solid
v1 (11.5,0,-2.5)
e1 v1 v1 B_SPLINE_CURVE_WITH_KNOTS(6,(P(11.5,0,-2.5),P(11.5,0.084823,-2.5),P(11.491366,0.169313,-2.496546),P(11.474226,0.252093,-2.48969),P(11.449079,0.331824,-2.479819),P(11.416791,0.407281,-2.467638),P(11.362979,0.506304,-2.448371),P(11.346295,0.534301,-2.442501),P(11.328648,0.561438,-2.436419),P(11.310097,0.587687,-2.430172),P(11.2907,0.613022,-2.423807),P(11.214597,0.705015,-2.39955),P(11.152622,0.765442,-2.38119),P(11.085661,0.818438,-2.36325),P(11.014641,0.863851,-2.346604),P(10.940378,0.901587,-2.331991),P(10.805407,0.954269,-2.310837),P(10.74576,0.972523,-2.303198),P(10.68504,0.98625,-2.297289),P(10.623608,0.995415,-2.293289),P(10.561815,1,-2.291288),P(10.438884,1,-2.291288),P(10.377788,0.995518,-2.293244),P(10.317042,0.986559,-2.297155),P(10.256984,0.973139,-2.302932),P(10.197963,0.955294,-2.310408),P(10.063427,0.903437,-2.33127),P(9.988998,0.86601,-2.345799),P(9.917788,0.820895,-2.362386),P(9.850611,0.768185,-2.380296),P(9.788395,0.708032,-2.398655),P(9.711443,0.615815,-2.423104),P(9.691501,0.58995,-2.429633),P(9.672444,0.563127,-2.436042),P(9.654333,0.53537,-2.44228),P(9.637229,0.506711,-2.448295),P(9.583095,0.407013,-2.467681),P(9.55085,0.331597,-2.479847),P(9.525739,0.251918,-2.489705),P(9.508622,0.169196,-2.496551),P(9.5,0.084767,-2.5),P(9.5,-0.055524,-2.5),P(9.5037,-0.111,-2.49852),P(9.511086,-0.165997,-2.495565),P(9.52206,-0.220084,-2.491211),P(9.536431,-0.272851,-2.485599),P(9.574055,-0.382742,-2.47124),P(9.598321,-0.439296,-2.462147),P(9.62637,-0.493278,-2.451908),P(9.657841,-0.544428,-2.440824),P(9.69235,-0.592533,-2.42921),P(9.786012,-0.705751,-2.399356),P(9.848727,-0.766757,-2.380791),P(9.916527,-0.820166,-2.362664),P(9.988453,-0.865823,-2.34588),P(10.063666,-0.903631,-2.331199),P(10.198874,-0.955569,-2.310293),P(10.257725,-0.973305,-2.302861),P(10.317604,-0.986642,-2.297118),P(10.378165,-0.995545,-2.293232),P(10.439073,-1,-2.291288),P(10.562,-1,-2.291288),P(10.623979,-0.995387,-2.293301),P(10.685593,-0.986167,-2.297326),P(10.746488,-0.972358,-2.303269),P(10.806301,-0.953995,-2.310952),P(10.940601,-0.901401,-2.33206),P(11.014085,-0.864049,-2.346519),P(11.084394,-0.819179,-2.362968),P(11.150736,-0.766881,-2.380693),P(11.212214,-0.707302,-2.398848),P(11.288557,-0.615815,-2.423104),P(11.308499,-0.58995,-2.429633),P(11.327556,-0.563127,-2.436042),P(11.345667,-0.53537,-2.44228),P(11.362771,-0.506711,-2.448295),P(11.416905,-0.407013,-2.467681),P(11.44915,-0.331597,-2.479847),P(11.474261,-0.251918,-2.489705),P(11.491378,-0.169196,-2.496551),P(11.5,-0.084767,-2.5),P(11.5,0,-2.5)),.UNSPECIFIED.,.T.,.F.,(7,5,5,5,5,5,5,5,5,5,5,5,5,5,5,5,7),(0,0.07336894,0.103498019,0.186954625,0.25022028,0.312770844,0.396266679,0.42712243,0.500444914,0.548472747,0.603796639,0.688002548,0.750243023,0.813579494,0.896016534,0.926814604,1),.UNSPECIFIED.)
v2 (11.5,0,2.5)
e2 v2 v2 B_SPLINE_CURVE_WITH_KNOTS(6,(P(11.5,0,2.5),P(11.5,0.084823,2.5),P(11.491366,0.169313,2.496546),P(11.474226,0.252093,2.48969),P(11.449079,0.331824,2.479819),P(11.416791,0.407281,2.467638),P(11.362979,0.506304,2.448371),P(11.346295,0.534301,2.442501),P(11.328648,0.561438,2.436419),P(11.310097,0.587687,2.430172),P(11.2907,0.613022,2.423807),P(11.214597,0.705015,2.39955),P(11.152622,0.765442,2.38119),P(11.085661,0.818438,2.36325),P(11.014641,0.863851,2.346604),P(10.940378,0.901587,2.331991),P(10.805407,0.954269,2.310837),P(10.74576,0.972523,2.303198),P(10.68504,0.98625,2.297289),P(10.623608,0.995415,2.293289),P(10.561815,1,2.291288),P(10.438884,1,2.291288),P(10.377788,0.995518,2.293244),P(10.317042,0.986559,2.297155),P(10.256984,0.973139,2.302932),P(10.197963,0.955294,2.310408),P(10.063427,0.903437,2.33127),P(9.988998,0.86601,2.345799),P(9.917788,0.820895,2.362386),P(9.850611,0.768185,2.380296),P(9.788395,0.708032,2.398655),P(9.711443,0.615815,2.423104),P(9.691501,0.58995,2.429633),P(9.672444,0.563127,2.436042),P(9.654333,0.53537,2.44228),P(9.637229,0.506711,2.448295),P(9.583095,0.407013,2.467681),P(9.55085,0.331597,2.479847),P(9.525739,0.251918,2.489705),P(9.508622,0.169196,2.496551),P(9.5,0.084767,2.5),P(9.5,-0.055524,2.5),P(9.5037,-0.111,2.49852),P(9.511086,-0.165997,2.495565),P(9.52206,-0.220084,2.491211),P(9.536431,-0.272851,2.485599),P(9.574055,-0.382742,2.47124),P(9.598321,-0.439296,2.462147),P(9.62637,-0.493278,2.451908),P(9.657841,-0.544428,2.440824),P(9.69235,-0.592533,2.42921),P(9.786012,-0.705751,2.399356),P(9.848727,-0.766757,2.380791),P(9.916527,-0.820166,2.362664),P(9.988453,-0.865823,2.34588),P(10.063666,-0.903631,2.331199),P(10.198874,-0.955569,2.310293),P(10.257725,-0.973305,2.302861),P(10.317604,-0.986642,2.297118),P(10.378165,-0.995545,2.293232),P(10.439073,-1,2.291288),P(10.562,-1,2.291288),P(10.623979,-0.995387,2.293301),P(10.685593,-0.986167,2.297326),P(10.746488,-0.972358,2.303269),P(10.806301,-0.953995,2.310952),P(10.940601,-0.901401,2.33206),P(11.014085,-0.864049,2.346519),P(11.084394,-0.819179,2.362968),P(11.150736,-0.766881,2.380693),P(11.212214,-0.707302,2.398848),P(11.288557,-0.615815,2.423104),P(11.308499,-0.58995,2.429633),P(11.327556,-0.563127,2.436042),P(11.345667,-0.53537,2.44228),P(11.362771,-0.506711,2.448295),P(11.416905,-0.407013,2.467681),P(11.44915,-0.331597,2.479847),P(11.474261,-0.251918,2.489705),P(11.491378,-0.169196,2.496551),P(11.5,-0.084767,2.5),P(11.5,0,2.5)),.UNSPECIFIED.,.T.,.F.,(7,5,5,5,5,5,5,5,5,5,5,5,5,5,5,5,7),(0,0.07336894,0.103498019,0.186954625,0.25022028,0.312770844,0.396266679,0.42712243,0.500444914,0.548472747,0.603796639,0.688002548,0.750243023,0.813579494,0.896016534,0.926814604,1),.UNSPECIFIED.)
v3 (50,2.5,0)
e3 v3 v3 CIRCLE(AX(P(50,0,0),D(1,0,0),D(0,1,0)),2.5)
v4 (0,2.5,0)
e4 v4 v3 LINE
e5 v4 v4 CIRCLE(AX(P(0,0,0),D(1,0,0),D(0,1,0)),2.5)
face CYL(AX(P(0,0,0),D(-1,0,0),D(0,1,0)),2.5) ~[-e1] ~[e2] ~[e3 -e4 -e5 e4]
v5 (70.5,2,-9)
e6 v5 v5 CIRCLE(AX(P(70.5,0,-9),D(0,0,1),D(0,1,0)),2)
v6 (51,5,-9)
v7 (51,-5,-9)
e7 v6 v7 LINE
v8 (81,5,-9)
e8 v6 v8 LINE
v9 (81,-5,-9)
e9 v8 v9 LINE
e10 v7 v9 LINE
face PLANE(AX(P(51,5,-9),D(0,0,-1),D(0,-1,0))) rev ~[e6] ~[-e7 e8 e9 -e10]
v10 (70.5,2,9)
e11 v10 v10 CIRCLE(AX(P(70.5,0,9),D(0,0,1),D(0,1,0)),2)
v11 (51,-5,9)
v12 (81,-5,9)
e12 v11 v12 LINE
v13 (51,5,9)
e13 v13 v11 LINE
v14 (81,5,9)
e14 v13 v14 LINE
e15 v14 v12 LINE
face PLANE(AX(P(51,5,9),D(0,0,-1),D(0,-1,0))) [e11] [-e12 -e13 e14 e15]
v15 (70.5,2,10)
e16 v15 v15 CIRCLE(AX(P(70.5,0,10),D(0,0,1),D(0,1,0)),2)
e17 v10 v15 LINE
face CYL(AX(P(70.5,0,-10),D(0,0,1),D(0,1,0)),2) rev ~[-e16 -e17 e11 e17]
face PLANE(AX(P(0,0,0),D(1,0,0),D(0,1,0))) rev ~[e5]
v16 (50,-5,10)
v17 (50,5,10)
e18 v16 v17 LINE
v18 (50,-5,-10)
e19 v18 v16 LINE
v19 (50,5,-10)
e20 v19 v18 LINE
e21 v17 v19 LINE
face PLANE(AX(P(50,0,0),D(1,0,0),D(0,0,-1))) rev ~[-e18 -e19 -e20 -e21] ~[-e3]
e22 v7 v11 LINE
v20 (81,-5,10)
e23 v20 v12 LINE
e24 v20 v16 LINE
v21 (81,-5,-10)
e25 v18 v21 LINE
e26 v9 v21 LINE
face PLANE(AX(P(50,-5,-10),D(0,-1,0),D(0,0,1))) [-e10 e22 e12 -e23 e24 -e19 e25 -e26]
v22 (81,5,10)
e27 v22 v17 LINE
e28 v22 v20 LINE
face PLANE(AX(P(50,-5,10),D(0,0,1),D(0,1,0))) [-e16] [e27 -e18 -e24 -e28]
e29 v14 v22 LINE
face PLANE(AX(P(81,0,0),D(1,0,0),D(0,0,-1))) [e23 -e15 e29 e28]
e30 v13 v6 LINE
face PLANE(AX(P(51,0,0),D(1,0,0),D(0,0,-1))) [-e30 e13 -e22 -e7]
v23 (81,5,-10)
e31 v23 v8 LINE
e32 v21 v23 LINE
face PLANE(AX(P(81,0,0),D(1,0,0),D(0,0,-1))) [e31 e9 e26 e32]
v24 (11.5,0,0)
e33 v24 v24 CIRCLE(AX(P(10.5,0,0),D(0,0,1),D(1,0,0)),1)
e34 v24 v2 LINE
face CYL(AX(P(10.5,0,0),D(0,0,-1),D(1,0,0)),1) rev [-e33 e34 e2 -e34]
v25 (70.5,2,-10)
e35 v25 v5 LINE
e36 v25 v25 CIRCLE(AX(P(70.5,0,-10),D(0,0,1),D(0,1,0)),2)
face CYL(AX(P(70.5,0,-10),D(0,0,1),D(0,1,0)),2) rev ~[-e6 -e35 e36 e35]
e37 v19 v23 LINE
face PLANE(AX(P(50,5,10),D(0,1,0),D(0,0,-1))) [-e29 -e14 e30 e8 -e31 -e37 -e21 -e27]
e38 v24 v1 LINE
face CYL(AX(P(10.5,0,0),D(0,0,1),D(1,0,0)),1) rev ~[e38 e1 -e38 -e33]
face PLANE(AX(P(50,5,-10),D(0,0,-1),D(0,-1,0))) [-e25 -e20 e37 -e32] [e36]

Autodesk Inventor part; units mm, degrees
ref_plane "YZ Plane" through (0, 0, 0) normal (1, 0, 0) x (0, 1, 0)
ref_plane "XZ Plane" through (0, 0, 0) normal (0, 1, 0) x (-1, 0, 0)
ref_plane "XY Plane" through (0, 0, 0) normal (0, 0, 1) x (1, 0, 0)
sketch "草图1" plane through (0, 0, 0) normal (1, 0, 0) x (0, 1, 0)
  circle A0 centre (0, 0) radius 2.5
  dimension "杆直径" = 5
extrude "拉伸1" add sketch "草图1" along normal blind 50
sketch "草图2" plane through (50, 0, 0) normal (1, 0, 0) x (0, 0, -1)
  line L0 (10, -5) -> (-10, -5)
  line L1 (-10, -5) -> (-10, 5)
  line L2 (-10, 5) -> (10, 5)
  line L3 (10, 5) -> (10, -5)
  line L4 (10, -5) -> (-10, 5) construction
  line L5 (-10, -5) -> (10, 5) construction
  point P0 (0, 0)
  dimension "框长" = 20
  dimension "框宽" = 10
extrude "拉伸2" add sketch "草图2" along normal blind 1
sketch "草图3" plane through (51, 0, 0) normal (1, 0, 0) x (0, 0, -1)
  line L0 (-10, -5) -> (10, -5) projected
  line L1 (10, -5) -> (10, 5) projected
  line L2 (10, 5) -> (-10, 5) projected
  line L3 (-10, 5) -> (-10, -5) projected
  line L4 (-10, 5) -> (-9, 5)
  line L5 (-9, 5) -> (-9, -5)
  line L6 (10, 5) -> (9, 5)
  line L7 (9, 5) -> (9, -5)
  point P0 (0, 0)
  dimension "d7" = 1
  dimension "d8" = 1
extrude "拉伸3" add sketch "草图3" along normal blind 30 contours L3 L2 L5 L0 | L7 L2 L1 L0
hole "孔1" at (70.5, 0, -10) direction (0, 0, 1) diameter 4 end through all
sketch "草图5" plane through (0, 0, 0) normal (0, 0, 1) x (1, 0, 0)
  circle A0 centre (70.5, 0) radius 2 projected
  line L0 (50, -2.5) -> (50, 2.5) projected
  line L1 (0, 2.5) -> (0, -2.5) projected
  line L2 (70.5, 0) -> (10.5, 0)
  circle A1 centre (10.5, 0) radius 1
  point P0 (0, 0)
  dimension "高度" = 60
  dimension "销孔径" = 2
extrude "拉伸4" cut sketch "草图5" along normal mid plane 10 contours A1
properties part number "顶杆" material "木材(桦木)"
